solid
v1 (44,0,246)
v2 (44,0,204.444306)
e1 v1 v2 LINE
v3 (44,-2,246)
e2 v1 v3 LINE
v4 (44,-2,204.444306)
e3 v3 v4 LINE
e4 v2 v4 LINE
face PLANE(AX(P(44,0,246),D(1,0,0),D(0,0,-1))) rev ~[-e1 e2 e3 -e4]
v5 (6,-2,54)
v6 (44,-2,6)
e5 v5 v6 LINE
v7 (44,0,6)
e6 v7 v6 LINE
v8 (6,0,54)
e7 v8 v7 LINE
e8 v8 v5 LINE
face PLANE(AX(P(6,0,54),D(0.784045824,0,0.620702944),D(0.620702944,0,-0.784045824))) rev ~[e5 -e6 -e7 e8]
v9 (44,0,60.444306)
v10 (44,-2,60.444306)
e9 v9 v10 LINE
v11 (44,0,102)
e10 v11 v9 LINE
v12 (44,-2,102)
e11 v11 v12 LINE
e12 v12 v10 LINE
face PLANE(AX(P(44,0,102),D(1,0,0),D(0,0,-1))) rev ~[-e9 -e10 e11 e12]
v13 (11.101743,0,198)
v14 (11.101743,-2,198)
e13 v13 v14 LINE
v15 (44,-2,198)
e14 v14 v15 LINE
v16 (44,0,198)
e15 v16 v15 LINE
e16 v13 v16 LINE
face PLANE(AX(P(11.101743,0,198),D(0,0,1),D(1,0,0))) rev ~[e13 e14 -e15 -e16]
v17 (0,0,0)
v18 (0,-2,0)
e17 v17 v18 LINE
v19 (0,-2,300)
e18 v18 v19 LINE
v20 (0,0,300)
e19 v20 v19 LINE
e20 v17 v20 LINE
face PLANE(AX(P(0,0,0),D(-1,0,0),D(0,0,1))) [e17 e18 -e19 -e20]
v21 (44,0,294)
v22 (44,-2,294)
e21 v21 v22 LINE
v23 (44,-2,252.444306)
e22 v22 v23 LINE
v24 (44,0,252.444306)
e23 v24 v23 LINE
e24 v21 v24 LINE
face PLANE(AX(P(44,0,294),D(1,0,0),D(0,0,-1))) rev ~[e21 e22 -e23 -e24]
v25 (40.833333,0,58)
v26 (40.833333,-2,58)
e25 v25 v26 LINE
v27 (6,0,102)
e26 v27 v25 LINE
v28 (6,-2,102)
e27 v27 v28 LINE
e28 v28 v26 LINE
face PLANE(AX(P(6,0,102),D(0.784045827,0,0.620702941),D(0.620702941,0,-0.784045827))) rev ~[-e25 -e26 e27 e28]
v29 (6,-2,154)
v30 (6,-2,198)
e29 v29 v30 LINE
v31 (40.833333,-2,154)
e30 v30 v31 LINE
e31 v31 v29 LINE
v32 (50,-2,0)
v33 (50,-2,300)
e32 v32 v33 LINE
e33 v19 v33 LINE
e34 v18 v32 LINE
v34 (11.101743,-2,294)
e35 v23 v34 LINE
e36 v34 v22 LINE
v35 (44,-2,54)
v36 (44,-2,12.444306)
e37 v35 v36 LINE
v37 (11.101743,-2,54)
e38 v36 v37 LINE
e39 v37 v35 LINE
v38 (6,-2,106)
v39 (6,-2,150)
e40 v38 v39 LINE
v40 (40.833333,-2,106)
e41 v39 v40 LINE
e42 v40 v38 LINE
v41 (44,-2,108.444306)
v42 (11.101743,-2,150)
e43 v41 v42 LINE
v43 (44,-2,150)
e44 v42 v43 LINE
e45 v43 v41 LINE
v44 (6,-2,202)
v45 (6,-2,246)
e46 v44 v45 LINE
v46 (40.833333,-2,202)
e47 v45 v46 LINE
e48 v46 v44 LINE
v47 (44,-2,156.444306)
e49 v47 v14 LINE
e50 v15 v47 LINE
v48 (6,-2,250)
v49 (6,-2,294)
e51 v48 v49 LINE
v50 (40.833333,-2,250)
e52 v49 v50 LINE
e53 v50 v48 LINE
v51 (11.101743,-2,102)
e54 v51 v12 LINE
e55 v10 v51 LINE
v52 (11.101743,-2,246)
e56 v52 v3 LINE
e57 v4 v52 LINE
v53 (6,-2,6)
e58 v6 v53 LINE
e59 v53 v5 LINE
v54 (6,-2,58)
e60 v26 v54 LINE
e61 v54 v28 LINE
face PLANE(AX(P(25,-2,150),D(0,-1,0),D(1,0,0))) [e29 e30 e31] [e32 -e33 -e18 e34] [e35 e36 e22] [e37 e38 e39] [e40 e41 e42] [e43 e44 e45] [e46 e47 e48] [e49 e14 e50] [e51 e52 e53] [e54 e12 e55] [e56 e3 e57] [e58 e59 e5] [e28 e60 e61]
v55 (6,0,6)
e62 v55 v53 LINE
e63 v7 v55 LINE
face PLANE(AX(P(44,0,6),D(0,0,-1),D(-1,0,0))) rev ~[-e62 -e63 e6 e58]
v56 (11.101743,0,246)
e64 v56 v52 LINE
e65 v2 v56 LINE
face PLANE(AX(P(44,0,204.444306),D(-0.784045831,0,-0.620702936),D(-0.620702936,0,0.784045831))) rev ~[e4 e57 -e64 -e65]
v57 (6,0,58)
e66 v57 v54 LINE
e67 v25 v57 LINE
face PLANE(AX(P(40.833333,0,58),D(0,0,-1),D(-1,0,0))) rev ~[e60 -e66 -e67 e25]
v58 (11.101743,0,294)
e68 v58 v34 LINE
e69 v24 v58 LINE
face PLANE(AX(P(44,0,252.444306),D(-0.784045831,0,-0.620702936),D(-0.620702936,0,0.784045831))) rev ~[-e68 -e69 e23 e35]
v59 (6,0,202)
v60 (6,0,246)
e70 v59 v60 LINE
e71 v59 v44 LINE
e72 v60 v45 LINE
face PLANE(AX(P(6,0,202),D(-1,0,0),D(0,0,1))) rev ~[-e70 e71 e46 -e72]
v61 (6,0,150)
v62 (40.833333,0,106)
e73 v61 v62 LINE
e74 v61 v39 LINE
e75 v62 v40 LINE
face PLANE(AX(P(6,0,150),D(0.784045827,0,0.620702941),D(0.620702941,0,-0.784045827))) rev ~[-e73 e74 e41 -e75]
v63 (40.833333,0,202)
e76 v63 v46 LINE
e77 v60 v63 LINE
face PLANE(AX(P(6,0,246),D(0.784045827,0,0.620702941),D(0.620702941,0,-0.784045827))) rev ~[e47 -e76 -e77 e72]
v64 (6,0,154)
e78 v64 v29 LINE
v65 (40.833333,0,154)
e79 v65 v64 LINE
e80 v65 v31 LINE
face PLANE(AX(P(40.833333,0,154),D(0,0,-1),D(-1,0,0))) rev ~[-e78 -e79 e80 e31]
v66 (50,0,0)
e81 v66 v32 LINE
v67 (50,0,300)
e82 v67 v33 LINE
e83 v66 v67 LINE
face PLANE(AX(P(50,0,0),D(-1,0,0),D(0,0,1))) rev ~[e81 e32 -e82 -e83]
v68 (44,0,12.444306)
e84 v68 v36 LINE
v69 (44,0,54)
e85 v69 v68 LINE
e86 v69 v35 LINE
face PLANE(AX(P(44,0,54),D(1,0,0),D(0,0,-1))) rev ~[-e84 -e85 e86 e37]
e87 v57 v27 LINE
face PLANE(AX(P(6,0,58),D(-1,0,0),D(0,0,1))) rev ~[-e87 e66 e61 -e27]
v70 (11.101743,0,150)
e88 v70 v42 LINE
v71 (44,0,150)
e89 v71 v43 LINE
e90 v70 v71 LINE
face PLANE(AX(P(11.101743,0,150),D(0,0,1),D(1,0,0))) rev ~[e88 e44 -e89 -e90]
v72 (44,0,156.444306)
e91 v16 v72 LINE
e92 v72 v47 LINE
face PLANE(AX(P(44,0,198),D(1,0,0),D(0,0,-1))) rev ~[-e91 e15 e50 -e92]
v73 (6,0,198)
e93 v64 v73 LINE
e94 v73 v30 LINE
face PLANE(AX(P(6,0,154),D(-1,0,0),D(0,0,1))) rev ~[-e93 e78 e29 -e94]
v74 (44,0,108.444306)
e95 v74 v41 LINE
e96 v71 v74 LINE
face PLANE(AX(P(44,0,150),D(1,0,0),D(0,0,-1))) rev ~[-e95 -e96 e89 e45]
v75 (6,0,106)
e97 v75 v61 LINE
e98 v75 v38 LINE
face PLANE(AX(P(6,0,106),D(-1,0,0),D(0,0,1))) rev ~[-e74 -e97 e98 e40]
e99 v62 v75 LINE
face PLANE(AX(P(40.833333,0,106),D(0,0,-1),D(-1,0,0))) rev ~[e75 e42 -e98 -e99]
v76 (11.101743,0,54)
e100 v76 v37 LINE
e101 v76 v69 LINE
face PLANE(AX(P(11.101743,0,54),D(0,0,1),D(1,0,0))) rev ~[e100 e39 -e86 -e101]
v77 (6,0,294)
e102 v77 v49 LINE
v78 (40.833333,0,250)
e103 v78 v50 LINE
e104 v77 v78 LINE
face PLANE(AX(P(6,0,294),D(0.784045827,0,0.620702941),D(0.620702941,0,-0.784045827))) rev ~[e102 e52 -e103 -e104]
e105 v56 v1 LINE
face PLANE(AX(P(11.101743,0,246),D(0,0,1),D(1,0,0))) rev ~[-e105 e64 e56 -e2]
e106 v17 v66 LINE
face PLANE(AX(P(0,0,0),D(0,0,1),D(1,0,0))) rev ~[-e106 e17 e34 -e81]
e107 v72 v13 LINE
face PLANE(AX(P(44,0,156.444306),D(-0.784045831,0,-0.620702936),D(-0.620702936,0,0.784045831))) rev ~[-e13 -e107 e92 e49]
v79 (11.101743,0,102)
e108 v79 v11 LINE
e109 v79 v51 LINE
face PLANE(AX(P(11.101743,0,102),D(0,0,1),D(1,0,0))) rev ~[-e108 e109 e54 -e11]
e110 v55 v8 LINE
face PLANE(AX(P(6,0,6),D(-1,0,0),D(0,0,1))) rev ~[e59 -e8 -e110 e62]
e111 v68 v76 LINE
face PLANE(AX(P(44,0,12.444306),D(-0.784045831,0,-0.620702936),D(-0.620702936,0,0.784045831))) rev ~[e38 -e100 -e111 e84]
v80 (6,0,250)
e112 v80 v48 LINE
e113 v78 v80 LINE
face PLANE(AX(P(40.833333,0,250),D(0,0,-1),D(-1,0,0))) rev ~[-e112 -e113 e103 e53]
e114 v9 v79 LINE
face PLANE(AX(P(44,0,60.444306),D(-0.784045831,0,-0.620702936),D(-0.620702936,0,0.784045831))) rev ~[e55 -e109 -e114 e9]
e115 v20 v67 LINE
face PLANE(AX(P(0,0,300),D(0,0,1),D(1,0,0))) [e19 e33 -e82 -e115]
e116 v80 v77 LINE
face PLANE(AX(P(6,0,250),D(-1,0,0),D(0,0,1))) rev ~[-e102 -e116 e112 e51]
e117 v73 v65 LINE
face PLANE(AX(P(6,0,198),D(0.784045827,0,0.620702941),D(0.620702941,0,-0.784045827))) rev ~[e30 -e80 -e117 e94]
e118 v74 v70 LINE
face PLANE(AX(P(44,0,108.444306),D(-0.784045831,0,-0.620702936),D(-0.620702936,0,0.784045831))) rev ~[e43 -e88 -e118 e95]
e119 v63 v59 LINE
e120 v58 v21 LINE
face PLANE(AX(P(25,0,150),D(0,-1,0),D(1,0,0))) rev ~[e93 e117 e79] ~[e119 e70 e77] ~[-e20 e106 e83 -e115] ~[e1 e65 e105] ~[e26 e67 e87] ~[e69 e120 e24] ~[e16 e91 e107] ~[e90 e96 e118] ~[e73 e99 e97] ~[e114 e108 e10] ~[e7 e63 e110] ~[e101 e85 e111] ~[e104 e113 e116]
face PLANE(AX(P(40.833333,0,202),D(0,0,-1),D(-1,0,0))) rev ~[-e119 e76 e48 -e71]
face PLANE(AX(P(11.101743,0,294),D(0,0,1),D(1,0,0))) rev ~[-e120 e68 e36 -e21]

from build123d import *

# Parameters (mm, degrees)
F1_W     = 50
F1_H     = 300
F2_DEPTH = 2


with BuildPart() as f2:
    # F1 (on face) → F2 (new body)
    with BuildSketch(Plane.XZ):
        with Locations((25, 150)):
            Rectangle(F1_W, F1_H)
        Polygon((44, 6), (6, 6), (6, 54), (6, 58), (6, 102), (6, 106), (6, 150), (6, 154), (6, 198), (6, 202), (6, 246), (6, 250), (6, 294), (11.101743, 294), (44, 294), (44, 252.444306), (44, 246), (44, 204.444306), (44, 198), (44, 156.444306), (44, 150), (44, 108.444306), (44, 102), (44, 60.444306), (44, 54), (44, 12.444306), align=None, mode=Mode.SUBTRACT)
        Polygon((40.833333, 154), (44, 150), (44, 156.444306), (11.101743, 198), (6, 198), align=None)
        Polygon((6, 202), (6, 198), (11.101743, 198), (44, 198), (40.833333, 202), align=None)
        Polygon((40.833333, 202), (44, 198), (44, 204.444306), (11.101743, 246), (6, 246), align=None)
        Polygon((6, 154), (6, 150), (11.101743, 150), (44, 150), (40.833333, 154), align=None)
        Polygon((40.833333, 106), (44, 102), (44, 108.444306), (11.101743, 150), (6, 150), align=None)
        Polygon((6, 106), (6, 102), (11.101743, 102), (44, 102), (40.833333, 106), align=None)
        Polygon((40.833333, 58), (44, 54), (44, 60.444306), (11.101743, 102), (6, 102), align=None)
        Polygon((6, 250), (6, 246), (11.101743, 246), (44, 246), (40.833333, 250), align=None)
        Polygon((6, 54), (44, 6), (44, 12.444306), (11.101743, 54), align=None)
        Polygon((6, 58), (6, 54), (11.101743, 54), (44, 54), (40.833333, 58), align=None)
        Polygon((40.833333, 250), (44, 246), (44, 252.444306), (11.101743, 294), (6, 294), align=None)
    extrude(amount=F2_DEPTH)


solid = f2.part
